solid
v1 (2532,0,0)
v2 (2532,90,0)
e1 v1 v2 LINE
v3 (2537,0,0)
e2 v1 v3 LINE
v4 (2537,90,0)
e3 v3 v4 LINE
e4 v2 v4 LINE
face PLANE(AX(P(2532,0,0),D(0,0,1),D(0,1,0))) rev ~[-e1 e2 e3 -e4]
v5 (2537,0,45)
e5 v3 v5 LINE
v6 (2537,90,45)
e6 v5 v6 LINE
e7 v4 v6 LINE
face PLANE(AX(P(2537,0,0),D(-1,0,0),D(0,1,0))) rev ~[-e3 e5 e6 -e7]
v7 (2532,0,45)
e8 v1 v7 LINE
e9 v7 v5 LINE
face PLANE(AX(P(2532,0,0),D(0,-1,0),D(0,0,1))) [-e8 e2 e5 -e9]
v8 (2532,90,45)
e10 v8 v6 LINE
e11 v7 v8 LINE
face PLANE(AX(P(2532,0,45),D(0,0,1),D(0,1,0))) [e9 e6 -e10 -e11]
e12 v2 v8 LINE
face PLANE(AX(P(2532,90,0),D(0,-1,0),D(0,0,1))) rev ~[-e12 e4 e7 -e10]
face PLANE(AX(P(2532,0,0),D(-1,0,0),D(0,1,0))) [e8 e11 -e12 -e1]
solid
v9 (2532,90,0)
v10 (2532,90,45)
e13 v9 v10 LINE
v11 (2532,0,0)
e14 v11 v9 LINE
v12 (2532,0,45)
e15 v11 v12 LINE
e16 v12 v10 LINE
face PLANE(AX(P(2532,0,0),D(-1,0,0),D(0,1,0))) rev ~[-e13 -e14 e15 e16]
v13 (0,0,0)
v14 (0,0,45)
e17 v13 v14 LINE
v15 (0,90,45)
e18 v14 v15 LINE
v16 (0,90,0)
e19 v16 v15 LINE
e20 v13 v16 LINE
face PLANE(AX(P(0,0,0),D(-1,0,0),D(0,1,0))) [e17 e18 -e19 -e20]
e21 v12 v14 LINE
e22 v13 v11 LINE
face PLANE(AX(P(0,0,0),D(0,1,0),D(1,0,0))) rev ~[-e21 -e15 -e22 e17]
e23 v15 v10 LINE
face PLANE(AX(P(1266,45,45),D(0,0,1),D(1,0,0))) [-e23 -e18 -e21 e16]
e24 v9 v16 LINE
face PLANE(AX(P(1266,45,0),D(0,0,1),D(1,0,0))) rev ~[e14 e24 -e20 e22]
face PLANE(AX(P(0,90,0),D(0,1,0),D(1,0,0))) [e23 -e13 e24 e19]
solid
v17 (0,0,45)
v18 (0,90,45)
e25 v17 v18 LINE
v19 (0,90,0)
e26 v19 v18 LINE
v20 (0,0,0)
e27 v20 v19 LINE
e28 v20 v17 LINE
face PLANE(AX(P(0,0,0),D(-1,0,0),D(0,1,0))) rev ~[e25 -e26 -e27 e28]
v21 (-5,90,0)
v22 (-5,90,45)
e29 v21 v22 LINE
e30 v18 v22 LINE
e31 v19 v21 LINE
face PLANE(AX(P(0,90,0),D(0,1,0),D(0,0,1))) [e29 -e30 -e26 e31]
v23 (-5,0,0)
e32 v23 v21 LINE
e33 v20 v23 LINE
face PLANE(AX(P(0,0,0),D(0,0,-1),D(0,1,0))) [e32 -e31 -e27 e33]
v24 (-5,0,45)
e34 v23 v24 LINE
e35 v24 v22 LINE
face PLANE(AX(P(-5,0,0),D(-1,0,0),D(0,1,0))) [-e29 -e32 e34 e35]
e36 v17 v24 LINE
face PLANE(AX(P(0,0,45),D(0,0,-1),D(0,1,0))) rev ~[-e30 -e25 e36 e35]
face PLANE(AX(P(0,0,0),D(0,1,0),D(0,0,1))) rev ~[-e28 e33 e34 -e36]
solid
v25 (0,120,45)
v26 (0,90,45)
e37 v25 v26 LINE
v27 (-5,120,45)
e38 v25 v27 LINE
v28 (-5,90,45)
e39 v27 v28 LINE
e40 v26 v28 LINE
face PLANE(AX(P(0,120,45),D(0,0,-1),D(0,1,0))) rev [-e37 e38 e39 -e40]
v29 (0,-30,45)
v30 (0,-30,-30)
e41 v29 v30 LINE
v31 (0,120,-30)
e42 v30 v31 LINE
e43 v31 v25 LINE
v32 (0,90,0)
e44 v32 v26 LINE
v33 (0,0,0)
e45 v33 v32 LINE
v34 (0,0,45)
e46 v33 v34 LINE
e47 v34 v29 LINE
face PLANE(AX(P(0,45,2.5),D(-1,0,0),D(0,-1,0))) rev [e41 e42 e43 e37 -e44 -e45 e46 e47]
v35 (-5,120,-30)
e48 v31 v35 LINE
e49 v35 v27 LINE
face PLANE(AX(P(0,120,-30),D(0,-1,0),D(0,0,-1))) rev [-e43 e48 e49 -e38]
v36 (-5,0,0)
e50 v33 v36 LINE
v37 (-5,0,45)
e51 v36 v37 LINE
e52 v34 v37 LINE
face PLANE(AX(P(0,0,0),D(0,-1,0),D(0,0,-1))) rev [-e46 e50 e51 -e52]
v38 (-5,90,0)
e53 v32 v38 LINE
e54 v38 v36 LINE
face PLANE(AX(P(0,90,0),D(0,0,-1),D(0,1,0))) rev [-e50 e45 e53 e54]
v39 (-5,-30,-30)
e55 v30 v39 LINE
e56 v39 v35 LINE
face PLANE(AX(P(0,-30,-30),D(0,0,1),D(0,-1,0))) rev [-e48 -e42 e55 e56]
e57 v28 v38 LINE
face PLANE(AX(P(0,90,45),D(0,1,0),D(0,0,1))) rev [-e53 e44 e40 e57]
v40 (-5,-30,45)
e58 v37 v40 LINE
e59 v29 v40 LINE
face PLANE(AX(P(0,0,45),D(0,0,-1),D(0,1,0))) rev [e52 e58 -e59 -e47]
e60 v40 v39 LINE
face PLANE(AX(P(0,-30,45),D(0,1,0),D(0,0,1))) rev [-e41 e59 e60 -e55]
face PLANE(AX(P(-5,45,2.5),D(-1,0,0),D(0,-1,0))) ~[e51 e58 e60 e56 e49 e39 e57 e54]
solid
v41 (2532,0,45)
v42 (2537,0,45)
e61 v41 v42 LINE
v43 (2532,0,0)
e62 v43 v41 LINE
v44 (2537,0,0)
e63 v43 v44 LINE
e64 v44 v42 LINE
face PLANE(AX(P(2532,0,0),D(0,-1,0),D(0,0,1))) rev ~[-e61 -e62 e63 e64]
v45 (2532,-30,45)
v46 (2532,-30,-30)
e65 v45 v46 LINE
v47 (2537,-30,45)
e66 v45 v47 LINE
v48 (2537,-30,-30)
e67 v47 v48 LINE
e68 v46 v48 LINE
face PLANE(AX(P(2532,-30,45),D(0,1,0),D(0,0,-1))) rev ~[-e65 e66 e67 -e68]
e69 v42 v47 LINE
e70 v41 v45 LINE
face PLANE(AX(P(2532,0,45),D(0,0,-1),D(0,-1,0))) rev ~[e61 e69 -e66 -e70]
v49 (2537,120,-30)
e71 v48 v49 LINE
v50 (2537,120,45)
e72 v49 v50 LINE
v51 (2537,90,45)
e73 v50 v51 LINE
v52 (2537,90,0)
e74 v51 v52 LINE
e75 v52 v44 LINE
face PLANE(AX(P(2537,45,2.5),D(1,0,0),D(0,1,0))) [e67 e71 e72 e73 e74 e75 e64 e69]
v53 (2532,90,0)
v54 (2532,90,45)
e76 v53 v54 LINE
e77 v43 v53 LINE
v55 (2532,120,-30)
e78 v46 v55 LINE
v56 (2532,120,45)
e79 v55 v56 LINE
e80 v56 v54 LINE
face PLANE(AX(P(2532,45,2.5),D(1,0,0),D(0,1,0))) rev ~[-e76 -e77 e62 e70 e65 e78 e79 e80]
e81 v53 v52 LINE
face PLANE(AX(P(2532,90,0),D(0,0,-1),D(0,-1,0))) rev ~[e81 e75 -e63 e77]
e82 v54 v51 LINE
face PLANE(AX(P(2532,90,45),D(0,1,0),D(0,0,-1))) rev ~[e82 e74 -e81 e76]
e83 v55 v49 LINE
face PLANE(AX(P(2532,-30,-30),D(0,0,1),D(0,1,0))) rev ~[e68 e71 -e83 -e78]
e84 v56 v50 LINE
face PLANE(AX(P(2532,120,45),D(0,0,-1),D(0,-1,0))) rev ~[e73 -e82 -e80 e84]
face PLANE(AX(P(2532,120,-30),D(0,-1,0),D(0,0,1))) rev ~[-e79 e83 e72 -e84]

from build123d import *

# Parameters (mm, degrees)
F0_W       = 2532
F0_H       = 90
F1_DEPTH   = 45
F1_FACE1_W = 90
F1_FACE1_H = 45
F3_DEPTH   = 5
F6_DEPTH   = 5
F7_DEPTH   = 5


with BuildPart() as f1:
    # F0 (on Top) → F1 (new body)
    with BuildSketch(Plane.XY):
        with Locations((1266, 45)):
            Rectangle(F0_W, F0_H)
    extrude(amount=F1_DEPTH)

    # F2 (on face) + F1_face1 (on face) → F3 (join)
    with BuildSketch(Plane.YZ.offset(2532)):
        Polygon((120, -30), (120, 45), (90, 45), (90, 0), (0, 0), (0, 45), (-30, 45), (-30, -30), align=None)
    with BuildSketch(Plane(origin=(0, 45, 22.5), x_dir=(0, -1, 0), z_dir=(-1, 0, 0))):
        Rectangle(F1_FACE1_W, F1_FACE1_H)
    extrude(amount=F3_DEPTH, dir=(1, 0, 0))

    # F5: F1 across plane


with BuildPart() as f1_1:
    add(f1.part)
    add(f1.part.mirror(Plane(origin=(1266, 45, 22.5), x_dir=(0, -1, 0), z_dir=(-1, 0, 0))))


with BuildPart() as f6:
    # F6 (new): a face of the model
    f6_faces = [f1_1.part.faces().sort_by_distance(p)[0] for p in [
        (0, 45, 22.5),
    ]]
    extrude(f6_faces, amount=F6_DEPTH)


with BuildPart() as f7:
    # F7 (new): a face of the model
    f7_faces = [f1_1.part.faces().sort_by_distance(p)[0] for p in [
        (2532, 45, 22.5),
    ]]
    extrude(f7_faces, amount=F7_DEPTH)


solid = Compound([f1_1.part, f6.part, f7.part])
